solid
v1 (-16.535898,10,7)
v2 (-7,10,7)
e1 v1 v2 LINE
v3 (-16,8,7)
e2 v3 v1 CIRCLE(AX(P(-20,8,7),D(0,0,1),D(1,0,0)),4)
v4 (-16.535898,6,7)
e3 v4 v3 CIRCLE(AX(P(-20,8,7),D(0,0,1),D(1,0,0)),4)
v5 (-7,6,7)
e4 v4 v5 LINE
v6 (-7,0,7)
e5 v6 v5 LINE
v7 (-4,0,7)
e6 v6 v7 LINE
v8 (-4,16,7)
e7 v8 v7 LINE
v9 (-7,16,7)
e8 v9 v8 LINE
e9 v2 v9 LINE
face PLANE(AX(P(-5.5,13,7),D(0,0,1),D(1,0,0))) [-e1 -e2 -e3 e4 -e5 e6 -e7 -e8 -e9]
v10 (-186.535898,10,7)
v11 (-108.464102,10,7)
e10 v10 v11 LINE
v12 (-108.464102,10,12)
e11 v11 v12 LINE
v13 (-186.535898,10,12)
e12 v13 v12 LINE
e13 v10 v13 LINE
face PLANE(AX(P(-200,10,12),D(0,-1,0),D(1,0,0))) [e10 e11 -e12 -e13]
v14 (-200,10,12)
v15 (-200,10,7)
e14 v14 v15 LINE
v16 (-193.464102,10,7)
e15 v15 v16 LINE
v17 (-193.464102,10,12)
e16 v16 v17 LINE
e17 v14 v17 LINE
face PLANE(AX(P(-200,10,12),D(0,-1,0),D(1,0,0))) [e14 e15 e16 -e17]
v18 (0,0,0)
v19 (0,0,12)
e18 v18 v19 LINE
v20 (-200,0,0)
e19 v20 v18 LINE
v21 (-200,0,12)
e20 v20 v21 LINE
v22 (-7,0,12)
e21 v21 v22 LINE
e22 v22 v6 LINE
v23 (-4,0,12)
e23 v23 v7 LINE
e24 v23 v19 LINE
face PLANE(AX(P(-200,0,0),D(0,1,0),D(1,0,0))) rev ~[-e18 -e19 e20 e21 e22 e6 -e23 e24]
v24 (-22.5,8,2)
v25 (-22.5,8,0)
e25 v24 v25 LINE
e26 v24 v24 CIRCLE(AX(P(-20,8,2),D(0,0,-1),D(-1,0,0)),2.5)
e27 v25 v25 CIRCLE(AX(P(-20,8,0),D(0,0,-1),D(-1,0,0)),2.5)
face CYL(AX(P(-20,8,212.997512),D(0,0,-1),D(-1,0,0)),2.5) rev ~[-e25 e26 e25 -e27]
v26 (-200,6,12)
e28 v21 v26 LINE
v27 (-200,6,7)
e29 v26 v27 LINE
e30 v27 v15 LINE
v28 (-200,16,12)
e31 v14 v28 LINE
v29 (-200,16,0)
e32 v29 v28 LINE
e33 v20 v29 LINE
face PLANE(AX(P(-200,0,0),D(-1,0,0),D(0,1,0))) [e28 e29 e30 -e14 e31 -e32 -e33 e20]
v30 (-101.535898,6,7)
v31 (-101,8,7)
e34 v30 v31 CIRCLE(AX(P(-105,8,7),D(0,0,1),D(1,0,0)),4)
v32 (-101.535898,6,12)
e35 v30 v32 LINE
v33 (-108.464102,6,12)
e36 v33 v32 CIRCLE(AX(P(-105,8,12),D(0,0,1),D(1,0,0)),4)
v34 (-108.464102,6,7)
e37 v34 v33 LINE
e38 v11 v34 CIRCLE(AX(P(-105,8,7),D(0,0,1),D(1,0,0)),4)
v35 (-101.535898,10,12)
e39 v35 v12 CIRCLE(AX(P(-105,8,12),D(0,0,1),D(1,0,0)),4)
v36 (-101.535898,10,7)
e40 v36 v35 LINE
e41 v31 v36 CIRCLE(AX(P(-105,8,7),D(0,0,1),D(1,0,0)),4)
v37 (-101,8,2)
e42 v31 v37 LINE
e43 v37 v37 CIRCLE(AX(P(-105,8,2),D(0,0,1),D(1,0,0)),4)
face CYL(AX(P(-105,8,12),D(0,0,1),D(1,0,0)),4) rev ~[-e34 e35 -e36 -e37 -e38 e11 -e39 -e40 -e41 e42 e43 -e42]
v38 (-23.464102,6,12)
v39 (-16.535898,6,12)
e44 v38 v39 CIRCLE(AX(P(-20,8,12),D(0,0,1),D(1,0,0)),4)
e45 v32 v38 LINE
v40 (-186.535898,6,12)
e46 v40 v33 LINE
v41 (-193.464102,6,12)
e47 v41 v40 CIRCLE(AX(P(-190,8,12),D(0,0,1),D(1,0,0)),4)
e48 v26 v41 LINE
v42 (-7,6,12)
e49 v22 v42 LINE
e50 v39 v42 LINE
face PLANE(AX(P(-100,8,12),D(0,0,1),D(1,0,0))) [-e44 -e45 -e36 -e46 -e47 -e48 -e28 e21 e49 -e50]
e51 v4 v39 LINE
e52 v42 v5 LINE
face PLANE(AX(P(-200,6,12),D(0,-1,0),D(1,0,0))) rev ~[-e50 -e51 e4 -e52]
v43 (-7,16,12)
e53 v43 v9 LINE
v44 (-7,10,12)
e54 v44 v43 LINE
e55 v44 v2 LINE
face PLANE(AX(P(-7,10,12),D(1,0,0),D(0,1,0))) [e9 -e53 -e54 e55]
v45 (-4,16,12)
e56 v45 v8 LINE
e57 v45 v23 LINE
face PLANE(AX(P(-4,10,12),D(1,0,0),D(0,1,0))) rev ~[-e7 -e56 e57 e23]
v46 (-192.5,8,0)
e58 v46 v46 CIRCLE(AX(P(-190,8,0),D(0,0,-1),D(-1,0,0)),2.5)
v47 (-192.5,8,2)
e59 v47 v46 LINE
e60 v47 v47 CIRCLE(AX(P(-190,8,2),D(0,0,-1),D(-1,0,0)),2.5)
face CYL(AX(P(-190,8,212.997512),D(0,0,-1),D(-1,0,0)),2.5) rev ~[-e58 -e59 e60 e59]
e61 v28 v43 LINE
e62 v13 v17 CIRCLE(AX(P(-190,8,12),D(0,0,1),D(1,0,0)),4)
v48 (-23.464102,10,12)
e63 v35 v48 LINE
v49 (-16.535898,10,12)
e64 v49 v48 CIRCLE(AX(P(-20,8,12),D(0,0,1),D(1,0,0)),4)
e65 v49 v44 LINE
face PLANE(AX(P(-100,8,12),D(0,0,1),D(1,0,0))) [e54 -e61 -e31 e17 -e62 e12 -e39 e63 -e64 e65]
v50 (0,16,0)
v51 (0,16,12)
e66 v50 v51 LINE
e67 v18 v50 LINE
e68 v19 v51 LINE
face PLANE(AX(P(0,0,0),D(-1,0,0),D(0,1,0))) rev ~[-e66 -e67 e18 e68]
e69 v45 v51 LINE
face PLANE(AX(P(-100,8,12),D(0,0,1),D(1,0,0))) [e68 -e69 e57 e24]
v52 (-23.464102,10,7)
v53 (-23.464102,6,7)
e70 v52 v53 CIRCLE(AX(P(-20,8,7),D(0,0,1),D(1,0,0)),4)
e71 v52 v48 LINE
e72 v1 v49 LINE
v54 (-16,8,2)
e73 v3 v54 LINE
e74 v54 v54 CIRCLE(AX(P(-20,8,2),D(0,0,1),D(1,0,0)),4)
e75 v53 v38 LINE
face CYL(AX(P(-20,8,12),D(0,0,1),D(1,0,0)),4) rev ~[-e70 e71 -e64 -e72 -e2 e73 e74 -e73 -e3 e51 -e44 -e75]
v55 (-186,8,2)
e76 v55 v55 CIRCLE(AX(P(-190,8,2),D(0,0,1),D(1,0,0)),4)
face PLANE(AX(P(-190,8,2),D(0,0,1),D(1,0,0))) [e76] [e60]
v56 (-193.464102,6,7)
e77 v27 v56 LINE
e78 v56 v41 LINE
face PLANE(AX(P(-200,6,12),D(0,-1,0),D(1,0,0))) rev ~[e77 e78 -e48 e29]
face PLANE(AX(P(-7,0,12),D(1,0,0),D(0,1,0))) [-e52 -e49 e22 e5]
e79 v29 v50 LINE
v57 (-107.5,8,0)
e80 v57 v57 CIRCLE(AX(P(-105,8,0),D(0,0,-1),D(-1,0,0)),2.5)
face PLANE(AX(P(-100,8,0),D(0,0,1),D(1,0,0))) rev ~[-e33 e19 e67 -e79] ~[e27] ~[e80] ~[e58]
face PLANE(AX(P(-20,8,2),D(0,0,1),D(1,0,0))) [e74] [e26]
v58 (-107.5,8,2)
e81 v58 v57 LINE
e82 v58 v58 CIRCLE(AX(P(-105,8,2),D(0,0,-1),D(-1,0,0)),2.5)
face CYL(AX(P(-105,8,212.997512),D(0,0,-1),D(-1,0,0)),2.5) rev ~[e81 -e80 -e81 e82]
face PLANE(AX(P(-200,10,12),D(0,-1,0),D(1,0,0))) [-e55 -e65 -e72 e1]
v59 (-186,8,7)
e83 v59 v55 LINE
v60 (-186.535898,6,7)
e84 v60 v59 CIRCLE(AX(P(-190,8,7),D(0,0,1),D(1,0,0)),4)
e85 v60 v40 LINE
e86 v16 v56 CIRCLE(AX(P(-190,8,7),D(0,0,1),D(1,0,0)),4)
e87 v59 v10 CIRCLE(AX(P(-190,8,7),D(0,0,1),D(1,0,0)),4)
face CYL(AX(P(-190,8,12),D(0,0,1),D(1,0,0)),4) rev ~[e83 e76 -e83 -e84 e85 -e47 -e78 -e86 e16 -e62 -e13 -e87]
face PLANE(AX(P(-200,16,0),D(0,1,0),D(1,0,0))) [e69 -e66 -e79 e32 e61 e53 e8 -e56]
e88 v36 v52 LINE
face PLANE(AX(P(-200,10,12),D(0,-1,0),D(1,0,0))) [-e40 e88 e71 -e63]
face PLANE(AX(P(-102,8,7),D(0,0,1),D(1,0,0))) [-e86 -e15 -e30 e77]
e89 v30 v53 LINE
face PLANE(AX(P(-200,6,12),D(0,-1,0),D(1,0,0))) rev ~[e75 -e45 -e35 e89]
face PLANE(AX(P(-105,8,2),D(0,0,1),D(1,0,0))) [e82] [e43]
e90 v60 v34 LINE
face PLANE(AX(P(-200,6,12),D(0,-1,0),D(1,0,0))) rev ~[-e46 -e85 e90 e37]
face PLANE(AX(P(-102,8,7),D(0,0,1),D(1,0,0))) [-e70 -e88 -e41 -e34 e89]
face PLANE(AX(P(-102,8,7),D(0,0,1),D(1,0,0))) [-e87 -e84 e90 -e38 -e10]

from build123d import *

# Parameters (mm, degrees)
F0_W     = 200
F0_H     = 16
F1_DEPTH = 12
F2_W     = 196
F2_H     = 4
F3_DEPTH = 5
F4_R     = 4
F5_DEPTH = 10
F7_D     = 5
F8_W     = 3
F8_H     = 6
F9_DEPTH = 5


with BuildPart() as f1:
    # F0 (on Top) → F1 (new body)
    with BuildSketch(Plane.XY):
        with Locations((-100, 8)):
            Rectangle(F0_W, F0_H)
    extrude(amount=F1_DEPTH)

    # F2 (on face) → F3 (cut)
    with BuildSketch(Plane.XY.offset(12)):
        with Locations((-102, 8)):
            Rectangle(F2_W, F2_H)
    extrude(amount=-F3_DEPTH, mode=Mode.SUBTRACT)

    # F4 (on face) → F5 (cut)
    with BuildSketch(Plane.XY.offset(12)):
        with Locations((-190, 8)):
            Circle(F4_R)
        with Locations((-105, 8)):
            Circle(F4_R)
        with Locations((-20, 8)):
            Circle(F4_R)
    extrude(amount=-F5_DEPTH, mode=Mode.SUBTRACT)

    # F7 (through all)
    with Locations(Plane.XY.offset(12)):
        with Locations((-105, 8), (-190, 8), (-20, 8)):
            Hole(F7_D / 2)

    # F8 (on face) → F9 (cut)
    with BuildSketch(Plane.XY.offset(12)):
        with Locations((-5.5, 13)):
            Rectangle(F8_W, F8_H)
        with Locations((-5.5, 3)):
            Rectangle(F8_W, F8_H)
    extrude(amount=-F9_DEPTH, mode=Mode.SUBTRACT)


solid = f1.part
